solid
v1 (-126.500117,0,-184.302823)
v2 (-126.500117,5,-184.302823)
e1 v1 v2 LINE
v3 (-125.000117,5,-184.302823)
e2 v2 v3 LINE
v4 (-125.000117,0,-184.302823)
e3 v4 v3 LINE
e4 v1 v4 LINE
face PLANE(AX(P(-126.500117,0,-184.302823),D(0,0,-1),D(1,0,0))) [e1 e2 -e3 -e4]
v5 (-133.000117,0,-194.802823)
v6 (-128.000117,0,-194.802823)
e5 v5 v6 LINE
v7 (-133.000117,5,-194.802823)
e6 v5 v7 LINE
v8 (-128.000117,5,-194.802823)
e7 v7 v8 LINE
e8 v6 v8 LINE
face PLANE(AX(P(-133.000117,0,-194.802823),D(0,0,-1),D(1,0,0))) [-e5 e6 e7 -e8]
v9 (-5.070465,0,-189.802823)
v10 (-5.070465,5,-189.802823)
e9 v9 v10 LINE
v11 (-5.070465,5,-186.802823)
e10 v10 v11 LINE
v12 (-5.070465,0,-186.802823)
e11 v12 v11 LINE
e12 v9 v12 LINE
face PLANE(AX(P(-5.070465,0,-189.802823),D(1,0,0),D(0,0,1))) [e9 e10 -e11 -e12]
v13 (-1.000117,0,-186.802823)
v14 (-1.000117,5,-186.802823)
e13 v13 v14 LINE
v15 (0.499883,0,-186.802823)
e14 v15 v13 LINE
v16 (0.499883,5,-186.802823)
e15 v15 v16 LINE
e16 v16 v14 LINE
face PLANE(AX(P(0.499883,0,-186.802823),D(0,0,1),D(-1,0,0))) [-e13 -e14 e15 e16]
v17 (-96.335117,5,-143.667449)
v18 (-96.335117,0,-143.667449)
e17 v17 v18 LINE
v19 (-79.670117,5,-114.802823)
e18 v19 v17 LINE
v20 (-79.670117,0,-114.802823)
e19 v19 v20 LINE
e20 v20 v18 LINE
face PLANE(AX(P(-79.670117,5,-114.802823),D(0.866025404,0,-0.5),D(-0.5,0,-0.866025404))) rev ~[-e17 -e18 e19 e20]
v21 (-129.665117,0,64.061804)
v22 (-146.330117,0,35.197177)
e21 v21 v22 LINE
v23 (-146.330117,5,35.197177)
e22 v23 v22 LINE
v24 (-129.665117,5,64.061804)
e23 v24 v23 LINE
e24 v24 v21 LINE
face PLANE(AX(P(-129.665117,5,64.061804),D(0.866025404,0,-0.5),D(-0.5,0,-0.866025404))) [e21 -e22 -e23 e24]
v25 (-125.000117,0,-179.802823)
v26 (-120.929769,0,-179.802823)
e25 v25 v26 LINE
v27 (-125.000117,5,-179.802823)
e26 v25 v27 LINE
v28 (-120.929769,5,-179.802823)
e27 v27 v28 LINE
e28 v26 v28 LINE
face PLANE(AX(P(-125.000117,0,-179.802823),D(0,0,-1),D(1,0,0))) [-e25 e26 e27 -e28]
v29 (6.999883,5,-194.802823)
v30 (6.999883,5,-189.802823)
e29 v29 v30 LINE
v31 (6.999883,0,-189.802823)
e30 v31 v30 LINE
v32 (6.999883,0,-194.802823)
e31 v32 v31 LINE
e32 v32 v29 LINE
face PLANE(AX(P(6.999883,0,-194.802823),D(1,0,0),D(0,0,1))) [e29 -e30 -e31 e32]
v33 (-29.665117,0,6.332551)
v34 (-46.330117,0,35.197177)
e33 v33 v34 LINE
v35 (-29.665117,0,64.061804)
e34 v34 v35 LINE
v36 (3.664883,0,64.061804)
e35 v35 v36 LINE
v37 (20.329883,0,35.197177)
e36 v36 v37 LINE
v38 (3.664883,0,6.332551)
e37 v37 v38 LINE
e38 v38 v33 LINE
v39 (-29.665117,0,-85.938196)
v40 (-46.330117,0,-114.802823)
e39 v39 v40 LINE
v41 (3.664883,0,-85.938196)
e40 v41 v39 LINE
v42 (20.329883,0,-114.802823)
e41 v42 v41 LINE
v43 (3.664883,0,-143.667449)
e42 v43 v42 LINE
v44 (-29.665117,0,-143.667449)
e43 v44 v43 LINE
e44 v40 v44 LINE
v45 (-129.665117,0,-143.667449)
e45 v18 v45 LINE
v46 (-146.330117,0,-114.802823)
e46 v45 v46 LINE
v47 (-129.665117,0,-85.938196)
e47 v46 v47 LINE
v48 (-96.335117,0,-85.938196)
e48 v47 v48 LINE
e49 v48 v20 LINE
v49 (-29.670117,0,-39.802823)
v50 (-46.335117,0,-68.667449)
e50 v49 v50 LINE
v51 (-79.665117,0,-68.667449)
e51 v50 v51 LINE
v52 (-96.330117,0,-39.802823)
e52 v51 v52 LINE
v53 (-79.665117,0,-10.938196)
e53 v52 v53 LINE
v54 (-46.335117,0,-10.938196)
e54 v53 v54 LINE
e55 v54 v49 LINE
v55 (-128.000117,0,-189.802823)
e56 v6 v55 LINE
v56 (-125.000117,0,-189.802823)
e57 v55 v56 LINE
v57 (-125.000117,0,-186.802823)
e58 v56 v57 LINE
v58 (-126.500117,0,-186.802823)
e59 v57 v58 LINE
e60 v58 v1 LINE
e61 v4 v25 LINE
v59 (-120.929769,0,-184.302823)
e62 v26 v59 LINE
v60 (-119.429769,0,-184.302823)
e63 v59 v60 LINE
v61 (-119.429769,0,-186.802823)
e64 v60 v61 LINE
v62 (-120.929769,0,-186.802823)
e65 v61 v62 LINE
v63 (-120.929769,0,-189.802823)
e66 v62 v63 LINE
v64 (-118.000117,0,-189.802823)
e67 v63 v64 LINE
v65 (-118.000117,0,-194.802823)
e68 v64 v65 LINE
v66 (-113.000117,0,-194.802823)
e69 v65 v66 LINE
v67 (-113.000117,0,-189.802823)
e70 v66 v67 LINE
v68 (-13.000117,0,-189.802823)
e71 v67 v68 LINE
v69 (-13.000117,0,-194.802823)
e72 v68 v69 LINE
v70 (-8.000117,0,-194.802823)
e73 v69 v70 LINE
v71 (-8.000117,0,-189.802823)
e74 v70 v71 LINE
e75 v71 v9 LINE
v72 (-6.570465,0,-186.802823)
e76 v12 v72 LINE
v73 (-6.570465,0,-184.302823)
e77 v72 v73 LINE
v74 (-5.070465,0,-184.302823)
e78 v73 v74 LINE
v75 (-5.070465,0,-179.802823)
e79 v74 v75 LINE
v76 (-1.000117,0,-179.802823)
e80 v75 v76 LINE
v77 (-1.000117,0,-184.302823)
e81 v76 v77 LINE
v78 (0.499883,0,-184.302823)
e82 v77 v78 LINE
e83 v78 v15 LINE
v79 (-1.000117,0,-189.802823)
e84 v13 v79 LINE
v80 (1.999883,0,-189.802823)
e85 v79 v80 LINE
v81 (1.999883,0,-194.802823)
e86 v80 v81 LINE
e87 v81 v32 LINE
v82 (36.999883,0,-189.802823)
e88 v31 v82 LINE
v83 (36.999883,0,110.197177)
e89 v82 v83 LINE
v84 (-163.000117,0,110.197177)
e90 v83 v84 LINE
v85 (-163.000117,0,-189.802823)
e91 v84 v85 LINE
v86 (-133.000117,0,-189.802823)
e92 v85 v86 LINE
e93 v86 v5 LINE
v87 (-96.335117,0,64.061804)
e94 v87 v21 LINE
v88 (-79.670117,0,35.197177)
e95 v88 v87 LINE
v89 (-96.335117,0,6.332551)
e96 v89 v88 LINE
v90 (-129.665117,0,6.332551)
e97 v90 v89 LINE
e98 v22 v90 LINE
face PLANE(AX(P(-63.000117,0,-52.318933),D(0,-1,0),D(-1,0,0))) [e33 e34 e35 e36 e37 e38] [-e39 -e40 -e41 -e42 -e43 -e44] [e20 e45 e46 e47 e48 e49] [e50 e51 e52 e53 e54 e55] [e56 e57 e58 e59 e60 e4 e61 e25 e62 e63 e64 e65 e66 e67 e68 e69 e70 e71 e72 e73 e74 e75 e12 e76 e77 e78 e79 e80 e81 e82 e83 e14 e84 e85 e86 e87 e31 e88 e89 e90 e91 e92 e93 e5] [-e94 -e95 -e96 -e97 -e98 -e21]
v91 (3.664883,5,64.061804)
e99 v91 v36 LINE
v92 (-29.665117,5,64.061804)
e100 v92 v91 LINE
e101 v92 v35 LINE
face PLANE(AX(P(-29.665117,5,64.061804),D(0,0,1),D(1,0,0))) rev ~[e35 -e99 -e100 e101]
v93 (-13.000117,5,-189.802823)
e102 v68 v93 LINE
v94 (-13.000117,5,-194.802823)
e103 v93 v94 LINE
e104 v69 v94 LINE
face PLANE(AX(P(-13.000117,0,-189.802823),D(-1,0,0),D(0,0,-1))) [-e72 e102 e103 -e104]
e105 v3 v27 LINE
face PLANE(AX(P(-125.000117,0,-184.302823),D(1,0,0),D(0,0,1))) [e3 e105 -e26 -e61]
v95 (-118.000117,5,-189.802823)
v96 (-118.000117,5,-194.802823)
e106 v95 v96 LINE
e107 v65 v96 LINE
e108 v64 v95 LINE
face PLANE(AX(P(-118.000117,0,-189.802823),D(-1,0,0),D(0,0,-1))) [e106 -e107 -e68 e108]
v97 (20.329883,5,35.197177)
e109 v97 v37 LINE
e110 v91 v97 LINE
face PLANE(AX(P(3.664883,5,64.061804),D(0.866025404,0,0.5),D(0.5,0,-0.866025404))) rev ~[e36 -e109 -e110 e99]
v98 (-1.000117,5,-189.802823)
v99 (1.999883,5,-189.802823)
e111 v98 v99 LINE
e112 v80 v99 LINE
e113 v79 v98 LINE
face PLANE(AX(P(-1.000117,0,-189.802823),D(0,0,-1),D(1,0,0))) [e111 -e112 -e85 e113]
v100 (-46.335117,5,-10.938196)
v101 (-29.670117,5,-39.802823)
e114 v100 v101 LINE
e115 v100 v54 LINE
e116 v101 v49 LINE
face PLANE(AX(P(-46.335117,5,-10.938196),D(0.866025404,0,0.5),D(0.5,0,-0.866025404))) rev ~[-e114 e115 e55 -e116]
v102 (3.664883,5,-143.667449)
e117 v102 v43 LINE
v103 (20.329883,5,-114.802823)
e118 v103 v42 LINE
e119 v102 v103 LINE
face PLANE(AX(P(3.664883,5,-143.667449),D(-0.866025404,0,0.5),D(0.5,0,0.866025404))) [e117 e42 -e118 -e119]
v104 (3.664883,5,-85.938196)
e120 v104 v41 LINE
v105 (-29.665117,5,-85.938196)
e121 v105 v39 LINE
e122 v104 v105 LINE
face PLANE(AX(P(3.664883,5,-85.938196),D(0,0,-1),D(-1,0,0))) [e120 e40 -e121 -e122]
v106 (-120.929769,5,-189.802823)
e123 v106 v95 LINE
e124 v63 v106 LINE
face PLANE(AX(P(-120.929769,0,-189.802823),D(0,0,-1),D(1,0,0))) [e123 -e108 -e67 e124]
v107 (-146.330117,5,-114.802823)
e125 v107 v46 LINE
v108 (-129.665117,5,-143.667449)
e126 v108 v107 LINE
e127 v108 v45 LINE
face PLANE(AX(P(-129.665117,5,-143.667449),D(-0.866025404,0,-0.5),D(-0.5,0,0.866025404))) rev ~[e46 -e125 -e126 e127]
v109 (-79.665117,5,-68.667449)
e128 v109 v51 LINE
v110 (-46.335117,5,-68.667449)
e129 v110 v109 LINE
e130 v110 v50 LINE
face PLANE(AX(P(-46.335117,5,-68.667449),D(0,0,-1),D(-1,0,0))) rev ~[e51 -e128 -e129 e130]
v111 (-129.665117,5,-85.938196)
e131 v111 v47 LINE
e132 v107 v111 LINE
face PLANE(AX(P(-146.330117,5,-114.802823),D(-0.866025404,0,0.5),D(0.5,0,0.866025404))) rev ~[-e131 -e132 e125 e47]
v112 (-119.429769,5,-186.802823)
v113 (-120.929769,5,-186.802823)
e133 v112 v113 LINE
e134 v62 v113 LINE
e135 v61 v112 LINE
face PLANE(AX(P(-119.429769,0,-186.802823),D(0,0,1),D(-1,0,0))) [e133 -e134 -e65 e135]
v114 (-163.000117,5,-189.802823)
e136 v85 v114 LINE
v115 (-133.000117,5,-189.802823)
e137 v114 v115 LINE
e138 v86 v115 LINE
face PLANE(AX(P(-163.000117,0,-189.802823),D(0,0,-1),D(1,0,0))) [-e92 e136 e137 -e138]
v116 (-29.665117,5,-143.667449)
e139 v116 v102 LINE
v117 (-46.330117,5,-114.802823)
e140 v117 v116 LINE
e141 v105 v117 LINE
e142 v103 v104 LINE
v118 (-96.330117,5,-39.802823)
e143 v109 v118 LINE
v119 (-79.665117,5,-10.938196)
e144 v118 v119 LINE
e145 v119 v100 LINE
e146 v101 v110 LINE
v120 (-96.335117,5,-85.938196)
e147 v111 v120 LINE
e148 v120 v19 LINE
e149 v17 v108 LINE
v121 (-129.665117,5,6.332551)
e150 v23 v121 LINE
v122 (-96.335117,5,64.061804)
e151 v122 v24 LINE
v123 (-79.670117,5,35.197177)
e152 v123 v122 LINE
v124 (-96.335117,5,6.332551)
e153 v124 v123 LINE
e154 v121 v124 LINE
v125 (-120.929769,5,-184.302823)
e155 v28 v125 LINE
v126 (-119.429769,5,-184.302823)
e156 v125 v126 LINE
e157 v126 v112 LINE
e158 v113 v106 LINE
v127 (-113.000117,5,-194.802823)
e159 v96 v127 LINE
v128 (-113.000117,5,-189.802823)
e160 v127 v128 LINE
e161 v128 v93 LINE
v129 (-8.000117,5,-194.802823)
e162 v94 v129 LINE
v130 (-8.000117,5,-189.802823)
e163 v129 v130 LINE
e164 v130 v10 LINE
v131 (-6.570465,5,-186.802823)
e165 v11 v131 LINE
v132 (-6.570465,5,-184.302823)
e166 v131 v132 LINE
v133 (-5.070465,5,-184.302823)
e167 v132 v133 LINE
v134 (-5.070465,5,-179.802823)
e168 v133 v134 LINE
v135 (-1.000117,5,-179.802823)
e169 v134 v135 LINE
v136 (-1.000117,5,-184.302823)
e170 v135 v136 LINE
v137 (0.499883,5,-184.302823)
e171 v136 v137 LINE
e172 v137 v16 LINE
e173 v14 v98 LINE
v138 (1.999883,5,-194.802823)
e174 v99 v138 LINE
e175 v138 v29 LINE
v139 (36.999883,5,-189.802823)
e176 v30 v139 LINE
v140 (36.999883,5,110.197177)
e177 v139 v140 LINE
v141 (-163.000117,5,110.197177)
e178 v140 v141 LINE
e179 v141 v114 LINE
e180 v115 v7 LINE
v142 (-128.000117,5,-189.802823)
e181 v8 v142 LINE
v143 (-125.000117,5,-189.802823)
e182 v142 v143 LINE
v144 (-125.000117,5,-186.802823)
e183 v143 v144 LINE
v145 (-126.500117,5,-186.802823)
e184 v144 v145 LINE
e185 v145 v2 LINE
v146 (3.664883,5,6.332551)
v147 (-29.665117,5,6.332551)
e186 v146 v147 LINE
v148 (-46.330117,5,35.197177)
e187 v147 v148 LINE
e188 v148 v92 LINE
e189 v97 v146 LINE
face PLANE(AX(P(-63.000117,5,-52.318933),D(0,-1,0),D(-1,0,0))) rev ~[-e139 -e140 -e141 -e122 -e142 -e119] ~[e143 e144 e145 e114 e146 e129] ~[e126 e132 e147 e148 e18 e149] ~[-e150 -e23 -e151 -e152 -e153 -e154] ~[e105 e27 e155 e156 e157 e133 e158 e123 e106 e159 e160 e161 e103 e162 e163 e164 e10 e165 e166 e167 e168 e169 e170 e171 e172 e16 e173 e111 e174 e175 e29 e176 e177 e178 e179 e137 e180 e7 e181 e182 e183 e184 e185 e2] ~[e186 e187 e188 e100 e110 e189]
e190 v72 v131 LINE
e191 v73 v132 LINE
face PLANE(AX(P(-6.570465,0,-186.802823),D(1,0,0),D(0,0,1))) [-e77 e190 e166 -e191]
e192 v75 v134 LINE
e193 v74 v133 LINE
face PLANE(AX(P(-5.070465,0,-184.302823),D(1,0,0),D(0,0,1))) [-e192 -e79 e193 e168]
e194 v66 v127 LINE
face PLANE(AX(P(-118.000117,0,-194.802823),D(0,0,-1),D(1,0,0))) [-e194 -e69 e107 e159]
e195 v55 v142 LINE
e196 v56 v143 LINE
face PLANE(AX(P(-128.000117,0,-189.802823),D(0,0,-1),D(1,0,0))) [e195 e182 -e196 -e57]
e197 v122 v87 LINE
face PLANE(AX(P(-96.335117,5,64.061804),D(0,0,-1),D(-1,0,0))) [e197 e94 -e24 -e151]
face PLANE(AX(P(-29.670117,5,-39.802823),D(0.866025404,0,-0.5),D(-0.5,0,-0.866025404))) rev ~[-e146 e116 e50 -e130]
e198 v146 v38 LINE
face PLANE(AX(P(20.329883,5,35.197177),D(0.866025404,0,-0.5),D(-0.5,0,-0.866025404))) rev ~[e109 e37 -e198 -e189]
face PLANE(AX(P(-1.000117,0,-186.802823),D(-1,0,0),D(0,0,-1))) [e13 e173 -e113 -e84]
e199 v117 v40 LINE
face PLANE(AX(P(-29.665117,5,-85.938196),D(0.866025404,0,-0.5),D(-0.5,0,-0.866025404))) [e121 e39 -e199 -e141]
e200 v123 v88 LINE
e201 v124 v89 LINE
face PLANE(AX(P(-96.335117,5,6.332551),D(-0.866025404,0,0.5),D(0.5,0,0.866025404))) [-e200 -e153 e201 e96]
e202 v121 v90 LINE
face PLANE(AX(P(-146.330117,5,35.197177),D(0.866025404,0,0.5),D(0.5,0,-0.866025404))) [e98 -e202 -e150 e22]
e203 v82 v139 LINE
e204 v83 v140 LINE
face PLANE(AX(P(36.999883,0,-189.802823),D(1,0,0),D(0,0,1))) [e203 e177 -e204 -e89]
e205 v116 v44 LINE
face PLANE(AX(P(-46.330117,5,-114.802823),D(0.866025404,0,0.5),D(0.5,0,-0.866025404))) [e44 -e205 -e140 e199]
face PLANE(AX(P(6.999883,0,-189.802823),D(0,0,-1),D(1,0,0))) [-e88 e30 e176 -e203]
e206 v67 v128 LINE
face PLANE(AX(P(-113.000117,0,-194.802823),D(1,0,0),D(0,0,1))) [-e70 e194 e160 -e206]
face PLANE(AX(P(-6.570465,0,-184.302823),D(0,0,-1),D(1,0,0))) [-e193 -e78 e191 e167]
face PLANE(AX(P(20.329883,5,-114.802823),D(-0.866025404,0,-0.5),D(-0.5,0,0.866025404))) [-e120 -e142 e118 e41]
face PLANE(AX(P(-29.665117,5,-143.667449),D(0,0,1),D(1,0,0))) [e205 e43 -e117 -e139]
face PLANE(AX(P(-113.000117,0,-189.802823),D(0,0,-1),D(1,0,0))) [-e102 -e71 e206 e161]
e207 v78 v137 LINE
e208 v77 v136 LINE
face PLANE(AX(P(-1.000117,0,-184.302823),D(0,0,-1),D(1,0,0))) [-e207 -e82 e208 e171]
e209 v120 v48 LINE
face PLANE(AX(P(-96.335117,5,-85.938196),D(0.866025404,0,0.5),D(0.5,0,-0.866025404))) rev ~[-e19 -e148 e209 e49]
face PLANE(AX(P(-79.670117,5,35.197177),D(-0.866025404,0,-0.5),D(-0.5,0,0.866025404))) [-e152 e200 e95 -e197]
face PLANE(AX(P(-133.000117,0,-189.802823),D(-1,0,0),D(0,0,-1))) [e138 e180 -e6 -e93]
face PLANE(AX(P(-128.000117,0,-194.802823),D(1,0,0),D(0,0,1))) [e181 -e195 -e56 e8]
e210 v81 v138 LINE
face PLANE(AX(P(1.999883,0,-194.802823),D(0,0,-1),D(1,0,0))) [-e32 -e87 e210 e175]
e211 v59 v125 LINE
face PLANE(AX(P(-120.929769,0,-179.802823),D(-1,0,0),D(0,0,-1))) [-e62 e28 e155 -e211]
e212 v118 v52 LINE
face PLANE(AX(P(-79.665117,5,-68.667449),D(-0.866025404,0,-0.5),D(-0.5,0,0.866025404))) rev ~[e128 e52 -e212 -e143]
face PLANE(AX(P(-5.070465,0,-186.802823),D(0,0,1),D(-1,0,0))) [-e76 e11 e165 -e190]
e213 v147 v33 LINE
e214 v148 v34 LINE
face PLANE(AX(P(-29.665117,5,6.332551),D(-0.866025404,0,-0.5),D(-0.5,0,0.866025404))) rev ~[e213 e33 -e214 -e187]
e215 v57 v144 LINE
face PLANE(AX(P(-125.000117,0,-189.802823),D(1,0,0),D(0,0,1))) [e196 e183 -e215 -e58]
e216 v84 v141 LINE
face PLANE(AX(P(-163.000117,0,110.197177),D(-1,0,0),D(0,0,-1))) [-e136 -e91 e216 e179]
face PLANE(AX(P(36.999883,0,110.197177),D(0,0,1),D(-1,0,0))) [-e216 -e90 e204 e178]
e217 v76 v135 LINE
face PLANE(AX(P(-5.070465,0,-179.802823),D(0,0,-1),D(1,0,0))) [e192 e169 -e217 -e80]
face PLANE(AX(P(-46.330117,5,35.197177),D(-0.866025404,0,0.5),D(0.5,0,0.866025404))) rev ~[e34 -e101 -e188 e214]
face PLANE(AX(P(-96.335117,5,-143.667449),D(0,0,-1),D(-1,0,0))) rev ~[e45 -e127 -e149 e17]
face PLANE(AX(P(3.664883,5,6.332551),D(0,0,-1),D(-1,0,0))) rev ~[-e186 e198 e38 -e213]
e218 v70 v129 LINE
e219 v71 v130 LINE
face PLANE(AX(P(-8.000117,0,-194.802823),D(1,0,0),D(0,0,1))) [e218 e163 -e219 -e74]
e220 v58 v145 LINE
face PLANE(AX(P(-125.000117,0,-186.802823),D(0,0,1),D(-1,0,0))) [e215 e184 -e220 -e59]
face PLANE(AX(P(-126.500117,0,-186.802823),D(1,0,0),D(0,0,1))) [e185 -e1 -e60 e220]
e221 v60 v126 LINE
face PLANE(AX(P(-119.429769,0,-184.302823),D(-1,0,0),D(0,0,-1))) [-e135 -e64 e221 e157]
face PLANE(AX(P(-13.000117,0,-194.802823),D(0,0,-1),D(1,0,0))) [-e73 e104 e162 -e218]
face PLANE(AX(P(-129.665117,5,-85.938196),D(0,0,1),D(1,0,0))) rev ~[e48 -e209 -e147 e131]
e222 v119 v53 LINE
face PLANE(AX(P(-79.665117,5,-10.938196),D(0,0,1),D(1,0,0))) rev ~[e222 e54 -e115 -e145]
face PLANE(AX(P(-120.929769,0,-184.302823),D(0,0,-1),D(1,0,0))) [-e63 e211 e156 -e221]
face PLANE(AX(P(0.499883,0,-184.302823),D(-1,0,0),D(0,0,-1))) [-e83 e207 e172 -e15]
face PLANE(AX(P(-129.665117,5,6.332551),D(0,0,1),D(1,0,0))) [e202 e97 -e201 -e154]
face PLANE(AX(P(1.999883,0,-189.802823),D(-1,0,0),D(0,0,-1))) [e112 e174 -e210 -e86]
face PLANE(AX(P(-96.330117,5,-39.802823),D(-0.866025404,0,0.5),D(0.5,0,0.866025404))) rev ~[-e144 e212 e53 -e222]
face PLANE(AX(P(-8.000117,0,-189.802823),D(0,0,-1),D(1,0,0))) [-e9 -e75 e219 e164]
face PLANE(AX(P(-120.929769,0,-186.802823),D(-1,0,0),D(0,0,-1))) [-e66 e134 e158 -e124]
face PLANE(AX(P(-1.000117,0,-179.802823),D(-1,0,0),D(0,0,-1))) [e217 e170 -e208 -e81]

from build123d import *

# Parameters (mm, degrees)
BOSS_EXTRUDE1_DEPTH = 5
CUT_EXTRUDE1_DEPTH  = 5


with BuildPart() as part:
    # Sketch1 → Boss-Extrude1 (new body)
    with BuildSketch(Plane(origin=(0, 0, 0), x_dir=(1, 0, 0), z_dir=(0, 1, 0))):
        Polygon((-163.000117017, 189.802822602), (-133.000117017, 189.802822602), (-133.000117017, 194.802822602), (-128.000117017, 194.802822602), (-128.000117017, 189.802822602), (-125.000117017, 189.802822602), (-125.000117017, 186.802822602), (-126.500117017, 186.802822602), (-126.500117017, 184.302822602), (-125.000117017, 184.302822602), (-125.000117017, 179.802822602), (-120.929768881, 179.802822602), (-120.929768881, 184.302822602), (-119.429768881, 184.302822602), (-119.429768881, 186.802822602), (-120.929768881, 186.802822602), (-120.929768881, 189.802822602), (-118.000117017, 189.802822602), (-118.000117017, 194.802822602), (-113.000117017, 194.802822602), (-113.000117017, 189.802822602), (-13.000117017, 189.802822602), (-13.000117017, 194.802822602), (-8.000117017, 194.802822602), (-8.000117017, 189.802822602), (-5.070465153, 189.802822602), (-5.070465153, 186.802822602), (-6.570465153, 186.802822602), (-6.570465153, 184.302822602), (-5.070465153, 184.302822602), (-5.070465153, 179.802822602), (-1.000117017, 179.802822602), (-1.000117017, 184.302822602), (0.499882983, 184.302822602), (0.499882983, 186.802822602), (-1.000117017, 186.802822602), (-1.000117017, 189.802822602), (1.999882983, 189.802822602), (1.999882983, 194.802822602), (6.999882983, 194.802822602), (6.999882983, 189.802822602), (36.999882983, 189.802822602), (36.999882983, -110.197177398), (-163.000117017, -110.197177398), align=None)
    extrude(amount=BOSS_EXTRUDE1_DEPTH)

    # Sketch2 → Cut-Extrude1 (cut)
    with BuildSketch(Plane(origin=(0, 5, 0), x_dir=(1, 0, 0), z_dir=(0, 1, 0))):
        Polygon((3.664882983, 143.66744931), (20.329882983, 114.802822602), (3.664882983, 85.938195894), (-29.665117017, 85.938195894), (-46.330117017, 114.802822602), (-29.665117017, 143.66744931), align=None)
        Polygon((-79.670117017, 114.802822602), (-96.335117017, 143.66744931), (-129.665117017, 143.66744931), (-146.330117017, 114.802822602), (-129.665117017, 85.938195894), (-96.335117017, 85.938195894), align=None)
        Polygon((-29.665117017, -64.061804106), (3.664882983, -64.061804106), (20.329882983, -35.197177398), (3.664882983, -6.33255069), (-29.665117017, -6.33255069), (-46.330117017, -35.197177398), align=None)
        Polygon((-79.670117017, -35.197177398), (-96.335117017, -64.061804106), (-129.665117017, -64.061804106), (-146.330117017, -35.197177398), (-129.665117017, -6.33255069), (-96.335117017, -6.33255069), align=None)
        Polygon((-29.670117017, 39.802822602), (-46.335117017, 68.66744931), (-79.665117017, 68.66744931), (-96.330117017, 39.802822602), (-79.665117017, 10.938195894), (-46.335117017, 10.938195894), align=None)
    extrude(amount=-CUT_EXTRUDE1_DEPTH, mode=Mode.SUBTRACT)


solid = part.part
